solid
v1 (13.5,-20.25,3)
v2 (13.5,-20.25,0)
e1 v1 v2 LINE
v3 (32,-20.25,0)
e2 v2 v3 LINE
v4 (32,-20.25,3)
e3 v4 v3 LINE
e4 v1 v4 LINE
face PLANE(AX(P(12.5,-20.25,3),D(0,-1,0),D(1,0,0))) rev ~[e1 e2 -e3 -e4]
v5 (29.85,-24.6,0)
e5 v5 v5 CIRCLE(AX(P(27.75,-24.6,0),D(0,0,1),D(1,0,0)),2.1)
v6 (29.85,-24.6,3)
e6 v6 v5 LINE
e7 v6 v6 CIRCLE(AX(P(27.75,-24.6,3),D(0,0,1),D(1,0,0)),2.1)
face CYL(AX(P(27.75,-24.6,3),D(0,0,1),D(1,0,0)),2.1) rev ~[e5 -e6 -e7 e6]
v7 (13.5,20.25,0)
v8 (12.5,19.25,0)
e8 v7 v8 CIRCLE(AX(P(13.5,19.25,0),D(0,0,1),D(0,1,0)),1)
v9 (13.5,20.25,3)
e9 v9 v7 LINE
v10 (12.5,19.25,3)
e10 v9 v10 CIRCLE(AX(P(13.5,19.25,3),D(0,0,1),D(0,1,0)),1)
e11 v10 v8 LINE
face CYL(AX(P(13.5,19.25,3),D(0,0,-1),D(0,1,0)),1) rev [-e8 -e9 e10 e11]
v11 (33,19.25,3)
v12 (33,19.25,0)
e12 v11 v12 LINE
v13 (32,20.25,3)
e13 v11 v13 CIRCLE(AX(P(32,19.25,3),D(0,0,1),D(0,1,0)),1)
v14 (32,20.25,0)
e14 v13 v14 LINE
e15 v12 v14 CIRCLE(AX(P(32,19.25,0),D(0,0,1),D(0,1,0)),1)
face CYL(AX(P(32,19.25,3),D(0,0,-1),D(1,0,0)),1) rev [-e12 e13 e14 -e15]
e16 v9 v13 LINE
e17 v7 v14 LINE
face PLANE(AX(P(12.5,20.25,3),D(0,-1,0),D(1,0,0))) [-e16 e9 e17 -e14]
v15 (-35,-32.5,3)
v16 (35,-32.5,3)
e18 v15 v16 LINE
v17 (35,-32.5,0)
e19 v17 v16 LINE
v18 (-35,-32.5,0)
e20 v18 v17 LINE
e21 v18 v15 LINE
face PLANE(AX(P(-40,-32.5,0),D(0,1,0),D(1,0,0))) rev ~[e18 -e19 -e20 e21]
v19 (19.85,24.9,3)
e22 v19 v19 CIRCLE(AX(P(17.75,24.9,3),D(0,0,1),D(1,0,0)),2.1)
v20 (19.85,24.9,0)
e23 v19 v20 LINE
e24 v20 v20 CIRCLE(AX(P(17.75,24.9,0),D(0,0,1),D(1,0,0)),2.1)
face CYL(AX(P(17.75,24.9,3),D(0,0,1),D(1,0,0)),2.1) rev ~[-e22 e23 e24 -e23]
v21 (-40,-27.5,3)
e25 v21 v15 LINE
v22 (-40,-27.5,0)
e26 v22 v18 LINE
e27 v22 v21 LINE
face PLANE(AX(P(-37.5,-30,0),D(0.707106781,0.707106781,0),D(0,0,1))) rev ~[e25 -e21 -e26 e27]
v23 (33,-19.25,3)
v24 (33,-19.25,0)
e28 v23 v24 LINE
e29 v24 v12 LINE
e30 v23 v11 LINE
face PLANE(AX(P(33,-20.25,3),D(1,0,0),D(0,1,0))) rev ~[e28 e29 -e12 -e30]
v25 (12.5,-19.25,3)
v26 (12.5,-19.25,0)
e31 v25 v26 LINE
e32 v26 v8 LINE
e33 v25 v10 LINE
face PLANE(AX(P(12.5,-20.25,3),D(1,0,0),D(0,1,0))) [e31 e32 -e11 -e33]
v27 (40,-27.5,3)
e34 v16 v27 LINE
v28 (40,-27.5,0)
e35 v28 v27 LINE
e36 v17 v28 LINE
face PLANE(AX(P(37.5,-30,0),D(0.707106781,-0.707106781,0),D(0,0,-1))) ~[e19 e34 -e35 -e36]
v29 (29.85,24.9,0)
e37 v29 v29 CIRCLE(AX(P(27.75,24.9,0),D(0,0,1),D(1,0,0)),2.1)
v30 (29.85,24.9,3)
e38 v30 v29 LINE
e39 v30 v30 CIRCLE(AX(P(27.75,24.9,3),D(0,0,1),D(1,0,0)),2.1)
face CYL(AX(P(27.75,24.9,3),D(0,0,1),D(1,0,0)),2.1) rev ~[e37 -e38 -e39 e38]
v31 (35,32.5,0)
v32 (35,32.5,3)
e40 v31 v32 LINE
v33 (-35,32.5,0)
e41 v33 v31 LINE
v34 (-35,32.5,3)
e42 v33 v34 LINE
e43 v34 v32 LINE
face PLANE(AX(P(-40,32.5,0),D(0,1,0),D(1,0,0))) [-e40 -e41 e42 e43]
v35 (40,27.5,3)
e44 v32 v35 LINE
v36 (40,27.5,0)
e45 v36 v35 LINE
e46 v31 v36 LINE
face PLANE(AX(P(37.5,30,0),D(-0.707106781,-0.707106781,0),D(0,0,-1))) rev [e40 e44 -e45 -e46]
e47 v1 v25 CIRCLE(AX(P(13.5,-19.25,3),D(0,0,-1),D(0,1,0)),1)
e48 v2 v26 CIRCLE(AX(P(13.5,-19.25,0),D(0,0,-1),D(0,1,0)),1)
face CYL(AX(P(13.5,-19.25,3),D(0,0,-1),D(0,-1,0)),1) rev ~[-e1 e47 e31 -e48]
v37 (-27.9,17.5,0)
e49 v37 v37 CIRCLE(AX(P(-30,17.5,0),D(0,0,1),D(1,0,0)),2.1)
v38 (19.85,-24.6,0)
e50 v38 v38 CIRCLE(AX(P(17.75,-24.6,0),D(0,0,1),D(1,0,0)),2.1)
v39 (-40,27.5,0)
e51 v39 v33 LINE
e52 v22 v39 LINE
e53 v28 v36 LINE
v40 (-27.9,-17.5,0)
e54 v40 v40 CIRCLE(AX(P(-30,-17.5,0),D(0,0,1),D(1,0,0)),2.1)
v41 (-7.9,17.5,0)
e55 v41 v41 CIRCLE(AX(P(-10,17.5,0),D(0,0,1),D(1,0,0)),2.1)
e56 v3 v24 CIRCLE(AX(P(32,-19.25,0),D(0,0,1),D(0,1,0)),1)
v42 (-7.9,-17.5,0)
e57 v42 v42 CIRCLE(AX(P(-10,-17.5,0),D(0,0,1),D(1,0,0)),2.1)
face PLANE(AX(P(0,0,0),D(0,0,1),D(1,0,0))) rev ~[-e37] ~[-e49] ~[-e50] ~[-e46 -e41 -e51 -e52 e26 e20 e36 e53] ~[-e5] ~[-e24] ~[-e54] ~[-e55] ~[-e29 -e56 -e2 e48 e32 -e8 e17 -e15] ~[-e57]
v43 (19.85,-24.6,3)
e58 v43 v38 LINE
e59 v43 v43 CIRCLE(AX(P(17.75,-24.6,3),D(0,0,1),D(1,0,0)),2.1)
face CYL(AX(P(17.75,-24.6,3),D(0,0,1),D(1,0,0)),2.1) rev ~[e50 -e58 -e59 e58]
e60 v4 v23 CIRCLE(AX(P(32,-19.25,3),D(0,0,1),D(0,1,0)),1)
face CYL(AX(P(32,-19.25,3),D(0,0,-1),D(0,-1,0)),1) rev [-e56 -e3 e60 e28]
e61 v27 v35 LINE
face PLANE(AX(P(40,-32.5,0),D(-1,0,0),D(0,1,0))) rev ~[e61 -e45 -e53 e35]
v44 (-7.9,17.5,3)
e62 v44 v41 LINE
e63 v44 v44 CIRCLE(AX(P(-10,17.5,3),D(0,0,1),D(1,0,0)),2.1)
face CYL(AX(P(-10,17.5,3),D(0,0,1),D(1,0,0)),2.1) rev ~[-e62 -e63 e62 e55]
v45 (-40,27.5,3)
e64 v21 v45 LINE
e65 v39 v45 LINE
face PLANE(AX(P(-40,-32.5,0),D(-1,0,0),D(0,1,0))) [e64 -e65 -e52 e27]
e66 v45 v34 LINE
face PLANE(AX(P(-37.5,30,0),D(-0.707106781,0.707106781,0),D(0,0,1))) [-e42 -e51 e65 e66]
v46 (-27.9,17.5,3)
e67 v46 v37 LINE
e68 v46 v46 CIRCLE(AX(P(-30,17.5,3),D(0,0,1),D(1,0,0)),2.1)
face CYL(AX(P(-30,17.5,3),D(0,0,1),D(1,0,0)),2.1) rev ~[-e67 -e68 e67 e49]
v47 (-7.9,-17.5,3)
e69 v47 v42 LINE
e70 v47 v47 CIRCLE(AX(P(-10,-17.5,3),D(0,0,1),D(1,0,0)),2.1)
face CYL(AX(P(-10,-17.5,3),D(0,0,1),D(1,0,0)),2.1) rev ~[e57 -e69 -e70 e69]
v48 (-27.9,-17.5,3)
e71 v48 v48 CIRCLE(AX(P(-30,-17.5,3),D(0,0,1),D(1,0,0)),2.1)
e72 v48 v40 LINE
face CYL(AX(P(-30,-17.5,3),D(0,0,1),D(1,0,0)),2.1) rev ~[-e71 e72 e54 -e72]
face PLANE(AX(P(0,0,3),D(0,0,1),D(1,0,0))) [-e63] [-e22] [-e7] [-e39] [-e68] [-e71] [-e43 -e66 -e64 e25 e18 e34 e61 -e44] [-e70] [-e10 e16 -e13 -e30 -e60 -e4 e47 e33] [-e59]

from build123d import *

# Parameters (mm, degrees)
SKETCH_1_W                  = 80
SKETCH_1_H                  = 65
EXTRUDE_1_DEPTH             = 3
SKETCH_2_R                  = 2.1
CUT_EXTRUDE_1_DEPTH         = 52.626059311
PATTERN_LINEAR_1_COUNT      = 2
PATTERN_LINEAR_1_PITCH      = 20
PATTERN_LINEAR_1_COUNT_DIR2 = 2
PATTERN_LINEAR_1_PITCH_DIR2 = 35
SKETCH_4_W                  = 20.5
SKETCH_4_H                  = 40.5
CUT_EXTRUDE_2_DEPTH         = 3
FILLET_1_R                  = 1
CUT_EXTRUDE_3_REACH         = 53.626
SKETCH_5_R                  = 2.1
CHAMFER_3_SIZE              = 5


with BuildPart() as part:
    # 草圖1 → 填料-伸長1 (new body)
    with BuildSketch(Plane.XY):
        Rectangle(SKETCH_1_W, SKETCH_1_H)
    extrude(amount=EXTRUDE_1_DEPTH)

    # 草圖2 → 除料-伸長1 (cut, through all)
    with BuildSketch(Plane.XY.offset(3)):
        with Locations((-30, 17.5)):
            Circle(SKETCH_2_R)
    cut_extrude_1 = extrude(amount=-CUT_EXTRUDE_1_DEPTH, mode=Mode.SUBTRACT)

    # 直線複製排列1: Cut-Extrude 1 2 × 2
    with Locations(*[(i * PATTERN_LINEAR_1_PITCH, -j * PATTERN_LINEAR_1_PITCH_DIR2, 0) for i in range(PATTERN_LINEAR_1_COUNT) for j in range(PATTERN_LINEAR_1_COUNT_DIR2) if (i, j) != (0, 0)]):
        add(cut_extrude_1, mode=Mode.SUBTRACT)

    # 草圖4 → 除料-伸長2 (cut)
    with BuildSketch(Plane.XY.offset(3)):
        with Locations((22.75, 0)):
            Rectangle(SKETCH_4_W, SKETCH_4_H)
    extrude(amount=-CUT_EXTRUDE_2_DEPTH, mode=Mode.SUBTRACT)

    # 圓角1
    fillet_1_edges = [part.edges().sort_by_distance(p)[0] for p in [
        (33, 20.25, 1.5),
        (33, -20.25, 1.5),
        (12.5, -20.25, 1.5),
        (12.5, 20.25, 1.5),
    ]]
    fillet(fillet_1_edges, radius=FILLET_1_R)

    # 草圖5 → 除料-伸長3 (cut, up to next)
    with BuildSketch(Plane.XY.offset(3), mode=Mode.PRIVATE) as cut_extrude_3_sk1:
        with Locations((17.75, 24.9)):
            Circle(SKETCH_5_R)
    cut_extrude_3_tool1 = extrude(cut_extrude_3_sk1.sketch, amount=-CUT_EXTRUDE_3_REACH, mode=Mode.PRIVATE) & part.part
    # 草圖5 → 除料-伸長3 (cut, up to next)
    with BuildSketch(Plane.XY.offset(3), mode=Mode.PRIVATE) as cut_extrude_3_sk2:
        with Locations((27.75, 24.9)):
            Circle(SKETCH_5_R)
    cut_extrude_3_tool2 = extrude(cut_extrude_3_sk2.sketch, amount=-CUT_EXTRUDE_3_REACH, mode=Mode.PRIVATE) & part.part
    # 草圖5 → 除料-伸長3 (cut, up to next)
    with BuildSketch(Plane.XY.offset(3), mode=Mode.PRIVATE) as cut_extrude_3_sk3:
        with Locations((27.75, -24.6)):
            Circle(SKETCH_5_R)
    cut_extrude_3_tool3 = extrude(cut_extrude_3_sk3.sketch, amount=-CUT_EXTRUDE_3_REACH, mode=Mode.PRIVATE) & part.part
    # 草圖5 → 除料-伸長3 (cut, up to next)
    with BuildSketch(Plane.XY.offset(3), mode=Mode.PRIVATE) as cut_extrude_3_sk4:
        with Locations((17.75, -24.6)):
            Circle(SKETCH_5_R)
    cut_extrude_3_tool4 = extrude(cut_extrude_3_sk4.sketch, amount=-CUT_EXTRUDE_3_REACH, mode=Mode.PRIVATE) & part.part
    add(cut_extrude_3_tool1.solids().sort_by_distance((17.75, 24.9, 3))[0], mode=Mode.SUBTRACT)
    add(cut_extrude_3_tool2.solids().sort_by_distance((27.75, 24.9, 3))[0], mode=Mode.SUBTRACT)
    add(cut_extrude_3_tool3.solids().sort_by_distance((27.75, -24.6, 3))[0], mode=Mode.SUBTRACT)
    add(cut_extrude_3_tool4.solids().sort_by_distance((17.75, -24.6, 3))[0], mode=Mode.SUBTRACT)

    # 導角3
    chamfer_3_edges = [part.edges().sort_by_distance(p)[0] for p in [
        (-40, 32.5, 1.5),
        (40, 32.5, 1.5),
        (40, -32.5, 1.5),
        (-40, -32.5, 1.5),
    ]]
    chamfer(chamfer_3_edges, length=CHAMFER_3_SIZE)


solid = part.part
